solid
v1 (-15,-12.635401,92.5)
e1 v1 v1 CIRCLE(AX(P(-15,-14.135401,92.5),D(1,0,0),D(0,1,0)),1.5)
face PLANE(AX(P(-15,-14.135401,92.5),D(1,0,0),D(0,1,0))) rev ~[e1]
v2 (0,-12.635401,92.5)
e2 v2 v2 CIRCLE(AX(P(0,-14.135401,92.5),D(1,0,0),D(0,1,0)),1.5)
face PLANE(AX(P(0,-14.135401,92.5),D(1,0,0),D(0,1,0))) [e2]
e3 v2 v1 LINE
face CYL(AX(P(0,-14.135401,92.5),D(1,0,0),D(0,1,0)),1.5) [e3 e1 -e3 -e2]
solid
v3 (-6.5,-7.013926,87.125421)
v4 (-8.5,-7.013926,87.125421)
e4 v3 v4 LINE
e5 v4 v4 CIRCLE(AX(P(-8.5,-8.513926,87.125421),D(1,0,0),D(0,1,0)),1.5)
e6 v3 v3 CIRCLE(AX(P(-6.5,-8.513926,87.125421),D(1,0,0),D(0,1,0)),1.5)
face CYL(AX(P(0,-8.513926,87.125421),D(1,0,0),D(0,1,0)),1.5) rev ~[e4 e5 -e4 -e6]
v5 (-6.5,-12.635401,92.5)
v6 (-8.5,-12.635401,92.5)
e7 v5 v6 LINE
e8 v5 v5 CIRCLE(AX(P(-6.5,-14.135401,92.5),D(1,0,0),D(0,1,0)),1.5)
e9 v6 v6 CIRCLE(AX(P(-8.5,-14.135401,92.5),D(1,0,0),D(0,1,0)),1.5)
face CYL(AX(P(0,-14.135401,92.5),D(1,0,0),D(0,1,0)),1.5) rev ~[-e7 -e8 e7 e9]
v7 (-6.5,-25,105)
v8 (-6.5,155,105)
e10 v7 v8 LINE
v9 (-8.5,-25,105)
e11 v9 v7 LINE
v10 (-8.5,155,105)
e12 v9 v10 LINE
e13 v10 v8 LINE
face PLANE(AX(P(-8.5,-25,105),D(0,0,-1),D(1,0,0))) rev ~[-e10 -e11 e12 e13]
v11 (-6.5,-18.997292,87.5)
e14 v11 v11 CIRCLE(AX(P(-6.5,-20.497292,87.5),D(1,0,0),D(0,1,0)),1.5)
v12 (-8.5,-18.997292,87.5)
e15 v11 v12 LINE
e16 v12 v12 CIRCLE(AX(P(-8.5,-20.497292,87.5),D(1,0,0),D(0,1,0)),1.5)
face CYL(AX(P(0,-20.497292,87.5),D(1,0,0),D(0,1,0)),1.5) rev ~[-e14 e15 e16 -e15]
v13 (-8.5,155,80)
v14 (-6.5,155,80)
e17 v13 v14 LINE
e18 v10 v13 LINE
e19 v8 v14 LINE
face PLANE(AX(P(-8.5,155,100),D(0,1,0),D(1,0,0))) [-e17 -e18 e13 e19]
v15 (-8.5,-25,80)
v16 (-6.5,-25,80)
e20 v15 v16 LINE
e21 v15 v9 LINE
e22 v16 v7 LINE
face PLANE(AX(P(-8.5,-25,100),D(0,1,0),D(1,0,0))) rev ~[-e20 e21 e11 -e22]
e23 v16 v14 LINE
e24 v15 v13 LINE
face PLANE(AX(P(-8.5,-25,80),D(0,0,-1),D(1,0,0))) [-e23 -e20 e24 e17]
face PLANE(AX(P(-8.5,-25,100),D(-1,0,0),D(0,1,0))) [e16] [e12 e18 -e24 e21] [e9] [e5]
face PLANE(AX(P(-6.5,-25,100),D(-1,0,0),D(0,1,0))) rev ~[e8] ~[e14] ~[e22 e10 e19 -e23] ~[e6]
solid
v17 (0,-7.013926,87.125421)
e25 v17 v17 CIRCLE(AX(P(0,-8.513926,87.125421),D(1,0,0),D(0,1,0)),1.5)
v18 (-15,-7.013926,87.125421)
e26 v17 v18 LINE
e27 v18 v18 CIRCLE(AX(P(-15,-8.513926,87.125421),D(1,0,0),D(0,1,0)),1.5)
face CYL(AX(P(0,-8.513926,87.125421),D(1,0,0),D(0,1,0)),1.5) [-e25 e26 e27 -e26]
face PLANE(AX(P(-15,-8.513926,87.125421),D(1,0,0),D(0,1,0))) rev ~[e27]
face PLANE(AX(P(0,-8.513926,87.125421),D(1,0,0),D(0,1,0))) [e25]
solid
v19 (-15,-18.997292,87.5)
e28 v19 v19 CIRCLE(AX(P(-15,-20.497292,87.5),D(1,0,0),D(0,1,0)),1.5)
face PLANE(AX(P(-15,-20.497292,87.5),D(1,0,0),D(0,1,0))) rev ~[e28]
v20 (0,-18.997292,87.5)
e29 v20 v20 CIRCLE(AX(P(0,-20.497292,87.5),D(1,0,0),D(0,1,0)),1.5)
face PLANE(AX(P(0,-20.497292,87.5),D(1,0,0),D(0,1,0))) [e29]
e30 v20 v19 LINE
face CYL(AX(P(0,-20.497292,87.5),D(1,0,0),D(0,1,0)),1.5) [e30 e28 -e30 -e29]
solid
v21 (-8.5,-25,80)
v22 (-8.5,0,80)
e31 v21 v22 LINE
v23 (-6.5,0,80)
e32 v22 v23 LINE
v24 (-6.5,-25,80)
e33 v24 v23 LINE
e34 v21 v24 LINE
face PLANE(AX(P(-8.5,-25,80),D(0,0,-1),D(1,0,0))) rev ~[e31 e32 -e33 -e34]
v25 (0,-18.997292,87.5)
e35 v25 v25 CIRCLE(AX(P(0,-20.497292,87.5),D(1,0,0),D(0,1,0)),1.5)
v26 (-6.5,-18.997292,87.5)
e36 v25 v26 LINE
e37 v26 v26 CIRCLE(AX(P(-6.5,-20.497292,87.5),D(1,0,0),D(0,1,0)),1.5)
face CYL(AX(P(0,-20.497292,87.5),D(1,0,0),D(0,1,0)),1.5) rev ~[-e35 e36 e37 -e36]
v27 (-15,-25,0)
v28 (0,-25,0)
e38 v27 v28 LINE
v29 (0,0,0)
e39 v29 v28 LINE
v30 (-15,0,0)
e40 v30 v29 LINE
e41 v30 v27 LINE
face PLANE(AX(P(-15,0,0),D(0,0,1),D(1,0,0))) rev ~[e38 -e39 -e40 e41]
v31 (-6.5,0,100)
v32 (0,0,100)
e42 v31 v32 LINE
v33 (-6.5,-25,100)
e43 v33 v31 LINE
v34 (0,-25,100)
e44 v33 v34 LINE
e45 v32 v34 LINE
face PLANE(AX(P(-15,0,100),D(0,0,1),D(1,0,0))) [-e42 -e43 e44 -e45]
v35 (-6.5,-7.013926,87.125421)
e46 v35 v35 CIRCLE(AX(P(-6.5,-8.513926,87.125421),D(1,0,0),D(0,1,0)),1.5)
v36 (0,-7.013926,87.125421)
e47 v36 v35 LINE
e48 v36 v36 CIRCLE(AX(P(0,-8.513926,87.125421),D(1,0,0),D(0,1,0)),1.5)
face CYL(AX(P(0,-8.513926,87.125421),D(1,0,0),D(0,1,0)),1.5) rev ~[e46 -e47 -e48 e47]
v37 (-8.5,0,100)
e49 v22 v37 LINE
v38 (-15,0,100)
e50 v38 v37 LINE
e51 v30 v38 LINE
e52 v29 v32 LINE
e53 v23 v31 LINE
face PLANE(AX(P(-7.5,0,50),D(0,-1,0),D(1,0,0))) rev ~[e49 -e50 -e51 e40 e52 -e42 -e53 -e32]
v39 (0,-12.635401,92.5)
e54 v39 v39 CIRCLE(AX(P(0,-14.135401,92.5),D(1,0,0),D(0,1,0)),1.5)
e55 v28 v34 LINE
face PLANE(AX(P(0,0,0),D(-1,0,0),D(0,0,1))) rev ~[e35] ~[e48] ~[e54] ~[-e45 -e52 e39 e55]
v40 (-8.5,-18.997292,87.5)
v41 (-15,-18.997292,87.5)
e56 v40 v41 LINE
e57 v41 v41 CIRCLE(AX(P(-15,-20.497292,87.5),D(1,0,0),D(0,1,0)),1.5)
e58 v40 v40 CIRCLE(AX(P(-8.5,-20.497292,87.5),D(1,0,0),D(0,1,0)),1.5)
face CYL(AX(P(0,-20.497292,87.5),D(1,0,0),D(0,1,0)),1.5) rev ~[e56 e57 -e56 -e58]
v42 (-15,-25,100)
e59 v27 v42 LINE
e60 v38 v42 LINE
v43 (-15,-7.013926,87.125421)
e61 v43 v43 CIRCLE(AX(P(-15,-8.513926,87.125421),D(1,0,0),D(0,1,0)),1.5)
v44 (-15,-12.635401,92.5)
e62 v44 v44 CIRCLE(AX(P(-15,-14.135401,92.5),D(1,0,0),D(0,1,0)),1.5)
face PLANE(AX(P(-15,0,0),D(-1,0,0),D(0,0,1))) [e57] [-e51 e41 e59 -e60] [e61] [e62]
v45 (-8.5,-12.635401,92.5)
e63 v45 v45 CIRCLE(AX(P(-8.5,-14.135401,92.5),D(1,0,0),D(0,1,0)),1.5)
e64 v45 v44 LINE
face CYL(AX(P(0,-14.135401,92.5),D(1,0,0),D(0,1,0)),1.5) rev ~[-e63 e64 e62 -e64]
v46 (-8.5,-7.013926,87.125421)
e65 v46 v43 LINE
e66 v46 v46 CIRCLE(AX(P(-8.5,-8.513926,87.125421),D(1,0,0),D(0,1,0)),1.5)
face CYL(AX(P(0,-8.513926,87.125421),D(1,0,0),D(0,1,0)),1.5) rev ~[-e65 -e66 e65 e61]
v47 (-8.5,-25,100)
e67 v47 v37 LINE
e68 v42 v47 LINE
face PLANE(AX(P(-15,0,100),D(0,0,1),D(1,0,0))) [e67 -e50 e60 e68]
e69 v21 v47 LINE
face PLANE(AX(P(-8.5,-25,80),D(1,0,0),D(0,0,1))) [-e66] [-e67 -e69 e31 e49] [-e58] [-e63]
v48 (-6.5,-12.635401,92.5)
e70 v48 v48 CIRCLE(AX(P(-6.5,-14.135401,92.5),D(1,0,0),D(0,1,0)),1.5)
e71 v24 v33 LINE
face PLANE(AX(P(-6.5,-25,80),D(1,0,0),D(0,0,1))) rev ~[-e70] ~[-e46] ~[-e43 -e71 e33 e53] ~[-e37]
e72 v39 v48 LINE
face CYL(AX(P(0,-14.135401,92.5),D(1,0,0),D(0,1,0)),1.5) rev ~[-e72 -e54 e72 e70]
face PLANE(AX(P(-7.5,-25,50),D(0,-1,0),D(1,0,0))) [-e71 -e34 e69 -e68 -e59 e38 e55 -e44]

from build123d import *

# Parameters (mm, degrees)
F0_W      = 15
F0_H      = 100
F1_DEPTH  = 25
F2_W      = 2
F2_H      = 20
F3_DEPTH  = 25
F4_DEPTH  = 180
F5_DEPTH  = 5
F7_R      = 1.5
F8_DEPTH  = 15
F9_R      = 1.5
F10_DEPTH = 15


with BuildPart() as f1:
    # F0 (on Front) → F1 (new body)
    with BuildSketch(Plane.XZ):
        with Locations((-7.5, 50)):
            Rectangle(F0_W, F0_H)
    extrude(amount=F1_DEPTH)

    # F2 (on face) → F3 (cut)
    with BuildSketch(Plane.XZ.offset(25)):
        with Locations((-7.5, 90)):
            Rectangle(F2_W, F2_H)
    extrude(amount=-F3_DEPTH, mode=Mode.SUBTRACT)


with BuildPart() as f4:
    # F2 (on face) → F4 (new body)
    with BuildSketch(Plane.XZ.offset(25)):
        with Locations((-7.5, 90)):
            Rectangle(F2_W, F2_H)
    extrude(amount=-F4_DEPTH)

    # F5 (add): a face of the model
    f5_faces = [f4.faces().sort_by_distance(p)[0] for p in [
        (-7.5, 65, 100),
    ]]
    extrude(f5_faces, amount=F5_DEPTH)


with BuildPart() as f8_tool:
    # F7 (on face) → F8 (new body)
    with BuildSketch(Plane.YZ):
        with Locations((-14.1354007646, 92.5)):
            Circle(F7_R)
        with Locations((-20.4972922802, 87.5)):
            Circle(F7_R)
        with Locations((-8.5139255971, 87.1254205704)):
            Circle(F7_R)
    extrude(amount=-F8_DEPTH)


with BuildPart() as f1_1:
    add(f1.part)

    # F8: cut by f8_tool
    add(f8_tool.part, mode=Mode.SUBTRACT)


with BuildPart() as f4_1:
    add(f4.part)

    # F8: cut by f8_tool
    add(f8_tool.part, mode=Mode.SUBTRACT)


with BuildPart() as f10:
    # F9 (on face) → F10 (new body)
    with BuildSketch(Plane.YZ):
        with Locations((-14.1354007646, 92.5)):
            Circle(F9_R)
    extrude(amount=-F10_DEPTH)


with BuildPart() as f10b:
    # F9 (on face) → F10, piece 2 (new body)
    with BuildSketch(Plane.YZ):
        with Locations((-20.4972922802, 87.5)):
            Circle(F9_R)
    extrude(amount=-F10_DEPTH)


with BuildPart() as f10c:
    # F9 (on face) → F10, piece 3 (new body)
    with BuildSketch(Plane.YZ):
        with Locations((-8.5139255971, 87.1254205704)):
            Circle(F9_R)
    extrude(amount=-F10_DEPTH)


solid = Compound([f1_1.part, f4_1.part, f10.part, f10b.part, f10c.part])
